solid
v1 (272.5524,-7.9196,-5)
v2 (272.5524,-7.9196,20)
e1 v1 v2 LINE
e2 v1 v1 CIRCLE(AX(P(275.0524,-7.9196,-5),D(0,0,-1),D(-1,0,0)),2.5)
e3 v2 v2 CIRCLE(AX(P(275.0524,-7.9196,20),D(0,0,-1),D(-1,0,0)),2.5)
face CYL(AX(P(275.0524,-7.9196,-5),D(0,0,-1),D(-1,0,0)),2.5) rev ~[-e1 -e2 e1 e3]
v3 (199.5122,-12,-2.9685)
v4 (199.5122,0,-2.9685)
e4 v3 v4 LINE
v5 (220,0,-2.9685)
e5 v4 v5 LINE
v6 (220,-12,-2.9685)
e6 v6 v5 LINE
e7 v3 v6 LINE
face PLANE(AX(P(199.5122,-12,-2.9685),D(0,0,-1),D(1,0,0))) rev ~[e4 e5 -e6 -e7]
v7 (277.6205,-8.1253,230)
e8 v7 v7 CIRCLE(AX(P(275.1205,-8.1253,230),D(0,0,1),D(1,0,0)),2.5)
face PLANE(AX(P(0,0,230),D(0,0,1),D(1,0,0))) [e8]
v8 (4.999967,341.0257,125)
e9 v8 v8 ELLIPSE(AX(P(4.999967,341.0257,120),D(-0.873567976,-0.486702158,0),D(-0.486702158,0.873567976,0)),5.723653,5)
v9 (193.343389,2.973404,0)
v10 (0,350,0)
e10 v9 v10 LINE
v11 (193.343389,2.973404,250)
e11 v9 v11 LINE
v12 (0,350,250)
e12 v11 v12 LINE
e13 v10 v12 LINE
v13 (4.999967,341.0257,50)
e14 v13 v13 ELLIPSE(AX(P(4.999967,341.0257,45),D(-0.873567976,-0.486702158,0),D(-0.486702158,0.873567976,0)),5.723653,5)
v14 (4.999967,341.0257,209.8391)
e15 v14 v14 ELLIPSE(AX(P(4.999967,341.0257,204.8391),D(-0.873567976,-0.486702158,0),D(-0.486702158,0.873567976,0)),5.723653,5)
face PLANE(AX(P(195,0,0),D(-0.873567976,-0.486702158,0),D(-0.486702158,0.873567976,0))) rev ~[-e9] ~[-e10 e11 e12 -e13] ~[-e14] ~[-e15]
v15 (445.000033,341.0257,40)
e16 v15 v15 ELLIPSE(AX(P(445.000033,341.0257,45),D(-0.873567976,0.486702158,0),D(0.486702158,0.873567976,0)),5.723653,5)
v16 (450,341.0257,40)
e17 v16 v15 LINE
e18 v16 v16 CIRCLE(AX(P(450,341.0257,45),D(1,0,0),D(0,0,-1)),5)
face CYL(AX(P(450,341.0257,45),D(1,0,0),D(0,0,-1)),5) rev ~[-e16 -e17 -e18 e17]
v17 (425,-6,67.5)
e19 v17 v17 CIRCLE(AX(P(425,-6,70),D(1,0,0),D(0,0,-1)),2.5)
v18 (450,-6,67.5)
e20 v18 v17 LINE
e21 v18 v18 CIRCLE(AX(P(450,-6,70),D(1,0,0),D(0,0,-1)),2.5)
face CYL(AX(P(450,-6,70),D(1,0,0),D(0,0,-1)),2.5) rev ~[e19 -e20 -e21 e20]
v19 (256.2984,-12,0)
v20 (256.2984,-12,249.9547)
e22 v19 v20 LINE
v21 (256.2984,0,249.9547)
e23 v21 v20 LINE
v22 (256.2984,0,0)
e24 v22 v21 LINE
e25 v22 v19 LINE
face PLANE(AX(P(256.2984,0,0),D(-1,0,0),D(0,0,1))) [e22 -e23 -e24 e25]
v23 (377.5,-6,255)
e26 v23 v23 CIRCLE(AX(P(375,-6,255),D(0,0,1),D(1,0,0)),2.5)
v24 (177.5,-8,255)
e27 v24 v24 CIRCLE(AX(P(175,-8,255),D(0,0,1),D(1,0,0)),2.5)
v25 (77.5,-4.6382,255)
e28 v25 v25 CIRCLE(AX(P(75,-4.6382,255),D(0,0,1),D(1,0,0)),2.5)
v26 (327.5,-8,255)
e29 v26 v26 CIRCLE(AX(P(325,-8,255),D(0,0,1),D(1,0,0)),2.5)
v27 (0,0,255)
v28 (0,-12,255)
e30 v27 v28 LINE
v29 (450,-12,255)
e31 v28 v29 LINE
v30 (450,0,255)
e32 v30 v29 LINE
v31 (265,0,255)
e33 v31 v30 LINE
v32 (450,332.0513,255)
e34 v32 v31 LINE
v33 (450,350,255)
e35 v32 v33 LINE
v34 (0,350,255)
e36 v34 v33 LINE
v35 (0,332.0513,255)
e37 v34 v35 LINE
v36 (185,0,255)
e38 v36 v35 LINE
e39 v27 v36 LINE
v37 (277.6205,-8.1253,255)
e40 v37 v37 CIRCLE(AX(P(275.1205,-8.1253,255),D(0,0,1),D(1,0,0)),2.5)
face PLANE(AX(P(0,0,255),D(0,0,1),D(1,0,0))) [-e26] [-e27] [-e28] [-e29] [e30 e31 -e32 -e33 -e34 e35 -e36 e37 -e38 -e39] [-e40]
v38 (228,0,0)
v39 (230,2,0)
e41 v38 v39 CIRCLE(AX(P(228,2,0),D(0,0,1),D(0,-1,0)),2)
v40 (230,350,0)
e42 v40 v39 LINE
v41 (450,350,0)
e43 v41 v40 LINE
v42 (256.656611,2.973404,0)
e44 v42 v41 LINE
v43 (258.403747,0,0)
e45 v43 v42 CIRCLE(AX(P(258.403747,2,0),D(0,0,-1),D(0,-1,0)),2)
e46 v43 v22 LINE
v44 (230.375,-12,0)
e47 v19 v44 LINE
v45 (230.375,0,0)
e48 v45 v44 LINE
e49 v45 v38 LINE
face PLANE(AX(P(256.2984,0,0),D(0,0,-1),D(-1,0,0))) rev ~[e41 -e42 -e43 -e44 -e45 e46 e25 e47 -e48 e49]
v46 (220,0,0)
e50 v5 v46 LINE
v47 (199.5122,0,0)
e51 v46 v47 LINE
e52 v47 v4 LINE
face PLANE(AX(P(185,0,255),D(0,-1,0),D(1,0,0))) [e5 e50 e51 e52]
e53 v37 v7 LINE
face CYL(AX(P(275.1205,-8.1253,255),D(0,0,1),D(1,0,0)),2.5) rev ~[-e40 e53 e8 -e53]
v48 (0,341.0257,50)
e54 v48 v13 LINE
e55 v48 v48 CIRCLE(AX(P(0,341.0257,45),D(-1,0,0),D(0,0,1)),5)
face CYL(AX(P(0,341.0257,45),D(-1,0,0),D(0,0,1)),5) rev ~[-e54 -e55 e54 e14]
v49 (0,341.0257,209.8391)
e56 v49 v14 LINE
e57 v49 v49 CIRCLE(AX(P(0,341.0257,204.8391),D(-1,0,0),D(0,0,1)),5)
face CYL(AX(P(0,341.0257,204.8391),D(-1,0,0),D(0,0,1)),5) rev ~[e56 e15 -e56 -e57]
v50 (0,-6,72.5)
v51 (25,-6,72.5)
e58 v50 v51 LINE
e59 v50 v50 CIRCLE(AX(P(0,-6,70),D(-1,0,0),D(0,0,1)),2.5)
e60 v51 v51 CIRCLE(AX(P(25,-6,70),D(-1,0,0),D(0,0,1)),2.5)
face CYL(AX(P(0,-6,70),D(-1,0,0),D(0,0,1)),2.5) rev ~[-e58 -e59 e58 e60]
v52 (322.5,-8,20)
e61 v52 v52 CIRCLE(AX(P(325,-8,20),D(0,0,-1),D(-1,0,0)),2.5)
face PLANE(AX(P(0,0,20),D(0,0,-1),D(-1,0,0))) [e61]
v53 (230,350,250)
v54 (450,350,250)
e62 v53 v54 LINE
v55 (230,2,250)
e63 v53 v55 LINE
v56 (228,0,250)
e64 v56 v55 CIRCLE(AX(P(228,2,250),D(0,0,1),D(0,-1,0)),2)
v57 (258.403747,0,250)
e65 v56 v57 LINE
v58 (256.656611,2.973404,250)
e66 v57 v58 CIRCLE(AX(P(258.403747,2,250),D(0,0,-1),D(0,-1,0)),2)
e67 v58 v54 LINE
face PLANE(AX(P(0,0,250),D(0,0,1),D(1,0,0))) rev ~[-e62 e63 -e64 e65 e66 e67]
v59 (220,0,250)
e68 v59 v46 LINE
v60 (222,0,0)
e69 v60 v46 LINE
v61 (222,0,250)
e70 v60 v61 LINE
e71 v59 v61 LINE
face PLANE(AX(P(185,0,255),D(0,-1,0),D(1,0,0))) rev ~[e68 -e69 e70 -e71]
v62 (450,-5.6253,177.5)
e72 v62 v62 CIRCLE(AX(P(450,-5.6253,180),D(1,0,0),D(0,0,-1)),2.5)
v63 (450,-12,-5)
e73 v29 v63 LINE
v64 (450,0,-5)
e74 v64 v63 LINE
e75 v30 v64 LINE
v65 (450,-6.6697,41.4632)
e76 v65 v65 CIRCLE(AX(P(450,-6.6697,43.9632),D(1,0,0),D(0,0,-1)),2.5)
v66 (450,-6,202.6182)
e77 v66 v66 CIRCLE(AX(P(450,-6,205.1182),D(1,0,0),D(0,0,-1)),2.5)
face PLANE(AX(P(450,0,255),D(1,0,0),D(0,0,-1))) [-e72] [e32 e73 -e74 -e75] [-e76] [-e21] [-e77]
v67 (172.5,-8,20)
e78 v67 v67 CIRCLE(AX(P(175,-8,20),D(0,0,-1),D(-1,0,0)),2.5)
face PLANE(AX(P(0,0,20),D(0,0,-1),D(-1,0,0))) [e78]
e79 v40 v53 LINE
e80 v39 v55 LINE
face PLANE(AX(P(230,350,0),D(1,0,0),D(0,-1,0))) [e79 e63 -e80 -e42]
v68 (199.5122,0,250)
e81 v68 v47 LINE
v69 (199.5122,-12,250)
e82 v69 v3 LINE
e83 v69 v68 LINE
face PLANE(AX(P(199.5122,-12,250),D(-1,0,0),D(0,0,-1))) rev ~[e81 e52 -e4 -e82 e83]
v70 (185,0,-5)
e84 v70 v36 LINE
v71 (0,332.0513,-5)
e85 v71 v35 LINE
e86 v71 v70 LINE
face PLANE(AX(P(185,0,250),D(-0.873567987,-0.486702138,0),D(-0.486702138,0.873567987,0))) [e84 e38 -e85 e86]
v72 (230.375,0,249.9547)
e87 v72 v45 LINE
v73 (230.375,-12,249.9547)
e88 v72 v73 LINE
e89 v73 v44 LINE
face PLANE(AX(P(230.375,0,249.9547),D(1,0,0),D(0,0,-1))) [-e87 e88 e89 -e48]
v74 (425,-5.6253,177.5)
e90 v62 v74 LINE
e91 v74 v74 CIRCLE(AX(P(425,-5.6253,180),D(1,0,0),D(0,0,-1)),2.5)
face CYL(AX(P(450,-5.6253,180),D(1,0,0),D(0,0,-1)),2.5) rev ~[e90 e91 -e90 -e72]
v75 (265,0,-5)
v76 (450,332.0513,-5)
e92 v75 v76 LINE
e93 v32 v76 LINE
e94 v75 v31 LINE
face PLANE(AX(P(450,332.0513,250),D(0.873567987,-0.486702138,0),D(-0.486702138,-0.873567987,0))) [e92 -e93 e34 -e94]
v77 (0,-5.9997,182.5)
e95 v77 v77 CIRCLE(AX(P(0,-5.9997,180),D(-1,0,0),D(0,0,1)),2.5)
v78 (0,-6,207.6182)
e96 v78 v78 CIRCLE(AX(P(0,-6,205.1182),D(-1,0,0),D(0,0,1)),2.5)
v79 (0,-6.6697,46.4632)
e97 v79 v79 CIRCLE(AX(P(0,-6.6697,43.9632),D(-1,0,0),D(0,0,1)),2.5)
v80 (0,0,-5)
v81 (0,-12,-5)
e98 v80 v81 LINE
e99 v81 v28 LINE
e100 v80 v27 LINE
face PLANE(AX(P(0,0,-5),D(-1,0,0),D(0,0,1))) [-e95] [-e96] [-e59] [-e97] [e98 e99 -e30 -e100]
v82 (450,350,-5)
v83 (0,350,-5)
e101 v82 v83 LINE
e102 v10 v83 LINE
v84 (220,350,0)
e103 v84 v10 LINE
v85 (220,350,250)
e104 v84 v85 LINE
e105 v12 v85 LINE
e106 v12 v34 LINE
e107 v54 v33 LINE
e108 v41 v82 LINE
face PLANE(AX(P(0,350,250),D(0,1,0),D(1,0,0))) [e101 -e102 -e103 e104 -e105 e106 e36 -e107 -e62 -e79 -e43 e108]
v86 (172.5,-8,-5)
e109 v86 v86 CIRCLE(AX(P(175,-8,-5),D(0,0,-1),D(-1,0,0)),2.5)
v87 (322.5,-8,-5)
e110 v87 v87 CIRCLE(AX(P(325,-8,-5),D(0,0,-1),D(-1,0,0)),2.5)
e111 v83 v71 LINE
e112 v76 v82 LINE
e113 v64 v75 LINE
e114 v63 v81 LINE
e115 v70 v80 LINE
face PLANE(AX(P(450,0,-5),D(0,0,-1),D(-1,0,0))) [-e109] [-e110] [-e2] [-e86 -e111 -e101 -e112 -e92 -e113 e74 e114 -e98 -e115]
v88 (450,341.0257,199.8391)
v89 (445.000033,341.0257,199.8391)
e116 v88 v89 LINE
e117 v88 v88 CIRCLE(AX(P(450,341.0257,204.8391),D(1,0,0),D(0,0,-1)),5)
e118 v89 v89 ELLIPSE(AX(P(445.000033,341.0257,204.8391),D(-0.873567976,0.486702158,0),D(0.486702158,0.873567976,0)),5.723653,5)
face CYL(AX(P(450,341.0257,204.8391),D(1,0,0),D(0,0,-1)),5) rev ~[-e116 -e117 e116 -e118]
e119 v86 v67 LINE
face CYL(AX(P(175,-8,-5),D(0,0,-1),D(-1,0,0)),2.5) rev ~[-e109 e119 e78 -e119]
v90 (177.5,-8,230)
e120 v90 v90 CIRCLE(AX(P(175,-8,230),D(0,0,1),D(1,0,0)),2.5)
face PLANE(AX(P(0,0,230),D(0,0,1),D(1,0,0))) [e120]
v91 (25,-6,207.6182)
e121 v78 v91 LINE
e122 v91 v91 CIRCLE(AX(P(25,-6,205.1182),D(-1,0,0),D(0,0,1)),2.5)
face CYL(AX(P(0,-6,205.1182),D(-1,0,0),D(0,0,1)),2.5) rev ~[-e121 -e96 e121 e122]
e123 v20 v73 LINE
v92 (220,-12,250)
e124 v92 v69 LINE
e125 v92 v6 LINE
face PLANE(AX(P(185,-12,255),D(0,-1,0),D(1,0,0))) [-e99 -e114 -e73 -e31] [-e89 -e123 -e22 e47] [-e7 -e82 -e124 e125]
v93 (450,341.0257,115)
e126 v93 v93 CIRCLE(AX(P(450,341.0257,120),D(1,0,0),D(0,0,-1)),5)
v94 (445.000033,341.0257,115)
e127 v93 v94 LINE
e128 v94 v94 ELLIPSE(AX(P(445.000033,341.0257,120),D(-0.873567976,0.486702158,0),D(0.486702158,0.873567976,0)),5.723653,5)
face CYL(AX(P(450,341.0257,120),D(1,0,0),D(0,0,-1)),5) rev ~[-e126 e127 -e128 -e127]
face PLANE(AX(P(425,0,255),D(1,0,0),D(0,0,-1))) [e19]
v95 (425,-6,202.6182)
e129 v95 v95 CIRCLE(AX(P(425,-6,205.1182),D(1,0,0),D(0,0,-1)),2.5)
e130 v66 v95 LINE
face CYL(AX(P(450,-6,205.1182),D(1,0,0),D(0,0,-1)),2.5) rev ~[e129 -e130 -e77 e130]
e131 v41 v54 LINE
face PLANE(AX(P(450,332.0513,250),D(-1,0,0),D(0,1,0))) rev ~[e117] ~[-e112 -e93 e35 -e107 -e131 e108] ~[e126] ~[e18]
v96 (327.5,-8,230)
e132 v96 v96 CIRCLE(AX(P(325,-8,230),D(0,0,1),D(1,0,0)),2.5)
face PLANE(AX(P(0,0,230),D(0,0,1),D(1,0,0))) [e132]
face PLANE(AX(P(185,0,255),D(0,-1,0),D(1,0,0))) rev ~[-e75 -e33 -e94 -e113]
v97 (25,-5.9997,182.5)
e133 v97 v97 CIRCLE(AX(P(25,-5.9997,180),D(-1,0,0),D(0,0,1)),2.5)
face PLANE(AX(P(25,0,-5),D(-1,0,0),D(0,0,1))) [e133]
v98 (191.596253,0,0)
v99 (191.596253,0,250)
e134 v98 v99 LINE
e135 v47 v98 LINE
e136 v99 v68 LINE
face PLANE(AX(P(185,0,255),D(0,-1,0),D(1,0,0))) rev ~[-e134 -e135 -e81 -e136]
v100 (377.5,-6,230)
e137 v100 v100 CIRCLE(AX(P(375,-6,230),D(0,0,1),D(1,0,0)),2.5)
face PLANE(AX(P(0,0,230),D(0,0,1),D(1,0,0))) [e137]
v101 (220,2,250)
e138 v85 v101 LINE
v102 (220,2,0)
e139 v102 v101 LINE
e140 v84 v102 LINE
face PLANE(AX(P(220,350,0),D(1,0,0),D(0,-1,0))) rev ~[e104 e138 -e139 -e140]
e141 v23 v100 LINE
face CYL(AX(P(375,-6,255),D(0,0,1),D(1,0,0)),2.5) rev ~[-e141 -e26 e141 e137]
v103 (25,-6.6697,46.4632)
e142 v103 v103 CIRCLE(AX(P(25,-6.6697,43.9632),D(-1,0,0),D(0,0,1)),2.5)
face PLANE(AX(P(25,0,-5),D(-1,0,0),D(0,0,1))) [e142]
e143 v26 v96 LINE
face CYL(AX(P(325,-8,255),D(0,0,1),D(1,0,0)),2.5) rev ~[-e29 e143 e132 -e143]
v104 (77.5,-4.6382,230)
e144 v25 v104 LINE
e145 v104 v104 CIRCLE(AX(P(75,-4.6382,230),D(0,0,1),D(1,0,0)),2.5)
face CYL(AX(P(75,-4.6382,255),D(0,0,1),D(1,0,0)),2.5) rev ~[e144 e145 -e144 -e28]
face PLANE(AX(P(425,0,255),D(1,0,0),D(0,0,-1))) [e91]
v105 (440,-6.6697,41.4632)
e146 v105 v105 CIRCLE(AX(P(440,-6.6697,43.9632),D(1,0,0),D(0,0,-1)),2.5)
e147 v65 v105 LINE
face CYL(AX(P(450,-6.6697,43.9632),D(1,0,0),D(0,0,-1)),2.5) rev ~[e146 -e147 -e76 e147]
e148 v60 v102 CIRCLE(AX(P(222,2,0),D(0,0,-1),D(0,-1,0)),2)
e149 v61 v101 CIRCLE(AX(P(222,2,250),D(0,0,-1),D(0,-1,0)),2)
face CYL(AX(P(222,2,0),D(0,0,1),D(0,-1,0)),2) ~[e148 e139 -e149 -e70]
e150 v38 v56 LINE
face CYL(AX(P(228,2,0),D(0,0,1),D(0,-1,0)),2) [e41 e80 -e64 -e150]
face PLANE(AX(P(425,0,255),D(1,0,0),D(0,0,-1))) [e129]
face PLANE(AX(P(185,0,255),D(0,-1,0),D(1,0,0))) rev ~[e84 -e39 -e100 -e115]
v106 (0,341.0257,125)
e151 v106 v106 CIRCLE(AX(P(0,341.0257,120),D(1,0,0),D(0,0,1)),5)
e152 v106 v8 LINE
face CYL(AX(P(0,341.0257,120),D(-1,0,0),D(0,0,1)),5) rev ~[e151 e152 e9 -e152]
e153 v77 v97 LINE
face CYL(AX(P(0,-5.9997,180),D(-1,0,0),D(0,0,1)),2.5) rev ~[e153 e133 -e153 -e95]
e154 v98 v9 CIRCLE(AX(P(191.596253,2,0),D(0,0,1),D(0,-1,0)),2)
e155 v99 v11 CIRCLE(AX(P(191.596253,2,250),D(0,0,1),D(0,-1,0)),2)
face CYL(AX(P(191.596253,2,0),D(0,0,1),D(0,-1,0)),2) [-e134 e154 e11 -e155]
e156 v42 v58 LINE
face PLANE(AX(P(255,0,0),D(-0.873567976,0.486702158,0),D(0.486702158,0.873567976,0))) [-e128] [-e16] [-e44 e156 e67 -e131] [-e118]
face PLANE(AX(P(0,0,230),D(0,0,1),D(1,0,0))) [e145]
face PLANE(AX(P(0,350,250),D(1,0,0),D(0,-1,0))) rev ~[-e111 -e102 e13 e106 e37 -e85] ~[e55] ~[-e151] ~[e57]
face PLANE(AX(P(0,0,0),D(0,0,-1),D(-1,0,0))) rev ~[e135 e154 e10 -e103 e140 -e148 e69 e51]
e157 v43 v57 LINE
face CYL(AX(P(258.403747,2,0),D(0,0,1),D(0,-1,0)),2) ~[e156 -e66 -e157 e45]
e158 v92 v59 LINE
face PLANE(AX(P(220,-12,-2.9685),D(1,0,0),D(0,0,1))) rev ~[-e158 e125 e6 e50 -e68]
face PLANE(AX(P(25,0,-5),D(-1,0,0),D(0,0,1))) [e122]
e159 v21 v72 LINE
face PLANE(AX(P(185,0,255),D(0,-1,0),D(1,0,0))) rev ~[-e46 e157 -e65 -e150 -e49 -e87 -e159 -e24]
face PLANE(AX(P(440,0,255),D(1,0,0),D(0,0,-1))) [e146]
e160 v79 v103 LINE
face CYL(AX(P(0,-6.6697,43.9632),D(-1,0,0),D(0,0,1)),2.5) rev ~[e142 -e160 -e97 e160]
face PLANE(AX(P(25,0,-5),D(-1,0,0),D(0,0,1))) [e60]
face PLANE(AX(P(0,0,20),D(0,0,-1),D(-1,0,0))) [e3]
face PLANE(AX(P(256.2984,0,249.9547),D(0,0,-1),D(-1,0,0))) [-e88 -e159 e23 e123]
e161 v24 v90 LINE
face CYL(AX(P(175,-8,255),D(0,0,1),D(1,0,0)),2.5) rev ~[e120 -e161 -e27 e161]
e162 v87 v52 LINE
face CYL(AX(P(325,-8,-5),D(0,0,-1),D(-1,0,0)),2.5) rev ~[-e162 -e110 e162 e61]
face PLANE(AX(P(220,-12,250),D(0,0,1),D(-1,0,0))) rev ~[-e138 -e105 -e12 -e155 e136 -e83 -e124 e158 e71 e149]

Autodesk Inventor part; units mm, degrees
ref_plane "YZ Plane" through (0, 0, 0) normal (1, 0, 0) x (0, 1, 0)
ref_plane "XZ Plane" through (0, 0, 0) normal (0, 1, 0) x (-1, 0, 0)
ref_plane "XY Plane" through (0, 0, 0) normal (0, 0, 1) x (1, 0, 0)
sketch "Sketch1" plane through (0, 0, 0) normal (0, 0, 1) x (1, 0, 0)
  line L0 (0, 0) -> (0, 350)
  line L1 (0, 350) -> (450, 350)
  line L2 (450, 350) -> (450, 0)
  line L3 (450, 0) -> (0, 0)
  line L4 (0, 0) -> (225, 0)
  line L5 (225, 350) -> (220, 350)
  line L6 (225, 350) -> (220, 350)
  line L7 (220, 350) -> (230, 350)
  line L8 (230, 350) -> (230, 0)
  line L9 (220, 350) -> (220, 0)
  line L10 (220, 0) -> (195, 0)
  line L11 (230, 0) -> (255, 0)
  line L12 (255, 0) -> (450, 350)
  line L13 (195, 0) -> (0, 350)
  line L14 (255, 0) -> (265, 0)
  line L15 (265, 0) -> (450, 332.0513)
  line L16 (195, 0) -> (185, 0)
  line L17 (185, 0) -> (0, 332.0513)
  line L18 (0, 332.0513) -> (0, 350)
  line L19 (450, 332.0513) -> (450, 350)
extrude "Extrusion1" add sketch "Sketch1" along normal blind 250 contours L0 L13 L3 L17 | L1 L8 L3 L9 | L2 L15 L3 L12
sketch "Sketch2" plane through (0, 0, 250) normal (0, 0, 1) x (1, 0, 0)
  line L0 (0, 350) -> (0, 332.0513) projected
  line L1 (450, 332.0513) -> (450, 350) projected
  line L2 (0, 350) -> (450, 350)
  line L3 (450, 350) -> (450, 332.0513)
  line L4 (255, 0) -> (265, 0) projected
  line L5 (450, 332.0513) -> (265, 0)
  line L6 (185, 0) -> (195, 0) projected
  line L7 (265, 0) -> (185, 0)
  line L8 (185, 0) -> (0, 332.0513)
  line L9 (0, 332.0513) -> (0, 350)
  point P0 (0, 0)
extrude "Extrusion2" add sketch "Sketch2" along normal blind 5
sketch "Sketch3" plane through (0, 0, 0) normal (0, 0, -1) x (-1, 0, 0)
  line L0 (-450, 332.0513) -> (-450, 350) projected
  line L1 (-195, 0) -> (0, 350) projected
  line L2 (-450, 350) -> (0, 350)
  line L3 (0, 350) -> (0, 332.0513) projected
  line L4 (0, 350) -> (0, 332.0513)
  line L5 (0, 332.0513) -> (-185, 0) projected
  line L6 (0, 332.0513) -> (-185, 0)
  line L7 (-185, 0) -> (-265, 0)
  line L8 (-265, 0) -> (-450, 332.0513) projected
  line L9 (-265, 0) -> (-450, 332.0513)
  line L10 (-450, 332.0513) -> (-450, 350)
  point P0 (0, 0)
extrude "Extrusion3" add sketch "Sketch3" along normal blind 5
fillet "Fillet1" radius 2 1 edges at (255, 0, 125)
fillet "Fillet2" radius 2 1 edges at (230, 0, 125)
fillet "Fillet3" radius 2 1 edges at (220, 0, 125)
fillet "Fillet4" radius 2 1 edges at (195, 0, 125)
sketch "Sketch4" plane through (0, 332.0513, 255) normal (-1, 0, 0) x (0, 0, 1)
  line L0 (-255, 17.9487) -> (-260, 17.9487) projected
  line L1 (-260, 17.9487) -> (-260, 8.9744)
  line L2 (-260, 17.9487) -> (-260, 0) projected
  line L3 (-1.0875, 8.9744) -> (-260, 8.9744)
  line L4 (-5, 17.9487) -> (-5, -330.0513) projected
  line L5 (-260, 8.9744) -> (-135, 8.9744)
  circle A0 centre (-135, 8.9744) radius 5
  point P0 (-255, -332.0513)
  dimension "d20" = 125
  dimension "d21" = 10
extrude "Extrusion4" cut sketch "Sketch4" against normal blind 10
sketch "Sketch5" plane through (450, 332.0513, 255) normal (1, 0, 0) x (0, 0, -1)
  circle A0 centre (135, 8.9744) radius 5 projected
  point P0 (255, -332.0513)
extrude "Extrusion5" cut sketch "Sketch5" against normal blind 10
sketch "Sketch6" plane through (0, 332.0513, 255) normal (-1, 0, 0) x (0, 0, 1)
  circle A0 centre (-135, 8.9744) radius 5 projected
  circle A1 centre (-210, 8.9744) radius 5
  circle A2 centre (-50.1609, 8.9744) radius 5
  point P0 (-255, -332.0513)
extrude "Extrusion6" cut sketch "Sketch6" against normal blind 10 contours A1 | A2
sketch "Sketch7" plane through (450, 332.0513, 255) normal (1, 0, 0) x (0, 0, -1)
  line L0 (5, 17.9487) -> (0, 17.9487) projected
  line L1 (5, 17.9487) -> (5, 8.9487)
  line L2 (5, 17.9487) -> (5, -329.0779) projected
  circle A0 centre (50.1609, 8.9744) radius 5 projected
  line L3 (5, 8.9487) -> (50.1609, 8.9744)
  circle A1 centre (210, 8.9744) radius 5 projected
  circle A2 centre (210, 8.9744) radius 5
  point P0 (255, -332.0513)
  dimension "d40" = 9
extrude "Extrusion7" cut sketch "Sketch7" against normal blind 10 contours A1
sketch "Sketch8" plane through (450, 332.0513, 255) normal (1, 0, 0) x (0, 0, -1)
  circle A0 centre (50.1609, 8.9744) radius 5 projected
  circle A1 centre (50.1609, 8.9744) radius 5
  point P0 (255, -332.0513)
extrude "Extrusion8" cut sketch "Sketch8" against normal blind 10
sketch "Sketch9" plane through (185, 0, 255) normal (0, -1, 0) x (1, 0, 0)
  line L0 (-185, -260) -> (-185, 0) projected
  line L1 (265, -260) -> (-185, -260)
  line L2 (-185, -260) -> (-185, 0)
  line L3 (-185, 0) -> (265, 0)
  line L4 (265, 0) -> (265, -260)
  point P0 (-185, -255)
extrude "Extrusion9" add sketch "Sketch9" along normal blind 12
sketch "Sketch10" plane through (185, -12, 255) normal (0, -1, 0) x (1, 0, 0)
  line L0 (35, -5) -> (35, -255) projected
  line L1 (14.5122, -257.9685) -> (35, -257.9685)
  line L2 (35, -257.9685) -> (35, -5)
  line L3 (35, -5) -> (14.5122, -5)
  line L4 (14.5122, -5) -> (14.5122, -257.9685)
  point P0 (-185, -255)
extrude "Extrusion10" cut sketch "Sketch10" against normal blind 12
sketch "Sketch11" plane through (185, 0, 255) normal (0, 1, 0) x (1, 0, 0)
  line L0 (73.4037, 255) -> (43, 255) projected
  line L1 (45.375, 255) -> (71.2984, 255)
  line L2 (71.2984, 255) -> (71.2984, 5.0453)
  line L3 (71.2984, 5.0453) -> (45.375, 5.0453)
  line L4 (45.375, 5.0453) -> (45.375, 255)
  point P0 (-185, 255)
extrude "Extrusion11" cut sketch "Sketch11" against normal blind 12
sketch "Sketch12" plane through (450, 0, 255) normal (1, 0, 0) x (0, 0, -1)
  circle A0 centre (50.1609, -6.6697) radius 2.5
  circle A1 centre (211.0368, -6.6697) radius 2.5
  point P0 (255, 0)
extrude "Extrusion12" cut sketch "Sketch12" against normal blind 10 contours A1
sketch "Sketch13" plane through (450, 0, 255) normal (1, 0, 0) x (0, 0, -1)
  circle A0 centre (49.8818, -6) radius 2.5
  point P0 (255, 0)
extrude "Extrusion13" cut sketch "Sketch13" against normal blind 25
sketch "Sketch14" plane through (0, 0, -5) normal (-1, 0, 0) x (0, 0, 1)
  circle A0 centre (48.9632, -6.6697) radius 2.5 projected
  point P0 (5, 0)
extrude "Extrusion14" cut sketch "Sketch14" against normal blind 25
sketch "Sketch15" plane through (0, 0, -5) normal (-1, 0, 0) x (0, 0, 1)
  circle A0 centre (209.8391, 341.0256) radius 5 projected
  circle A1 centre (210.1182, -6) radius 2.5 projected
  circle A2 centre (210.1182, -6) radius 2.5
  point P0 (5, 0)
extrude "Extrusion15" cut sketch "Sketch15" against normal blind 25 contours A1
sketch "Sketch16" plane through (0, 0, 255) normal (0, 0, 1) x (1, 0, 0)
  circle A0 centre (175, -8) radius 2.5
  circle A1 centre (325, -8) radius 2.5
  point P0 (0, 0)
extrude "Extrusion16" cut sketch "Sketch16" against normal blind 25
sketch "Sketch17" plane through (0, 0, -5) normal (0, 0, -1) x (-1, 0, 0)
  line L0 (0, 0) -> (0, -8)
  circle A0 centre (-175, -8) radius 2.5 projected
  circle A1 centre (-325, -8) radius 2.5
extrude "Extrusion17" cut sketch "Sketch17" against normal blind 25
sketch "Sketch18" plane through (0, 0, 255) normal (0, 0, 1) x (1, 0, 0)
  circle A0 centre (275.1205, -8.1253) radius 2.5
  point P0 (0, 0)
extrude "Extrusion18" cut sketch "Sketch18" against normal blind 25
sketch "Sketch19" plane through (0, 0, -5) normal (0, 0, -1) x (-1, 0, 0)
  line L0 (-175.0524, -7.9196) -> (-275.0524, -7.9196)
  circle A0 centre (-275.0524, -7.9196) radius 2.5
  point P0 (0, 0)
  dimension "d85" = 100
  dimension "d86" = 5
extrude "Extrusion19" cut sketch "Sketch19" against normal blind 25
sketch "Sketch20" plane through (0, 0, 255) normal (0, 0, 1) x (1, 0, 0)
  line L0 (0, 0) -> (0, -4.6382)
  circle A0 centre (75, -4.6382) radius 2.5
  line L1 (450, 0) -> (265, 0) projected
  line L2 (450, 0) -> (450, -6)
  line L3 (450, 0) -> (450, -12) projected
  circle A1 centre (375, -6) radius 2.5
extrude "Extrusion20" cut sketch "Sketch20" against normal blind 25
sketch "Sketch21" plane through (450, 0, 255) normal (1, 0, 0) x (0, 0, -1)
  circle A0 centre (75, -5.6253) radius 2.5
  circle A1 centre (185, -6) radius 2.5
  point P0 (255, 0)
extrude "Extrusion21" cut sketch "Sketch21" against normal blind 25
sketch "Sketch22" plane through (0, 0, -5) normal (-1, 0, 0) x (0, 0, 1)
  circle A0 centre (75, -6) radius 2.5
  line L0 (260, 0) -> (260, -12) projected
  circle A1 centre (185, -5.9997) radius 2.5
  point P0 (5, 0)
extrude "Extrusion22" cut sketch "Sketch22" against normal blind 25
properties part number "new container"
